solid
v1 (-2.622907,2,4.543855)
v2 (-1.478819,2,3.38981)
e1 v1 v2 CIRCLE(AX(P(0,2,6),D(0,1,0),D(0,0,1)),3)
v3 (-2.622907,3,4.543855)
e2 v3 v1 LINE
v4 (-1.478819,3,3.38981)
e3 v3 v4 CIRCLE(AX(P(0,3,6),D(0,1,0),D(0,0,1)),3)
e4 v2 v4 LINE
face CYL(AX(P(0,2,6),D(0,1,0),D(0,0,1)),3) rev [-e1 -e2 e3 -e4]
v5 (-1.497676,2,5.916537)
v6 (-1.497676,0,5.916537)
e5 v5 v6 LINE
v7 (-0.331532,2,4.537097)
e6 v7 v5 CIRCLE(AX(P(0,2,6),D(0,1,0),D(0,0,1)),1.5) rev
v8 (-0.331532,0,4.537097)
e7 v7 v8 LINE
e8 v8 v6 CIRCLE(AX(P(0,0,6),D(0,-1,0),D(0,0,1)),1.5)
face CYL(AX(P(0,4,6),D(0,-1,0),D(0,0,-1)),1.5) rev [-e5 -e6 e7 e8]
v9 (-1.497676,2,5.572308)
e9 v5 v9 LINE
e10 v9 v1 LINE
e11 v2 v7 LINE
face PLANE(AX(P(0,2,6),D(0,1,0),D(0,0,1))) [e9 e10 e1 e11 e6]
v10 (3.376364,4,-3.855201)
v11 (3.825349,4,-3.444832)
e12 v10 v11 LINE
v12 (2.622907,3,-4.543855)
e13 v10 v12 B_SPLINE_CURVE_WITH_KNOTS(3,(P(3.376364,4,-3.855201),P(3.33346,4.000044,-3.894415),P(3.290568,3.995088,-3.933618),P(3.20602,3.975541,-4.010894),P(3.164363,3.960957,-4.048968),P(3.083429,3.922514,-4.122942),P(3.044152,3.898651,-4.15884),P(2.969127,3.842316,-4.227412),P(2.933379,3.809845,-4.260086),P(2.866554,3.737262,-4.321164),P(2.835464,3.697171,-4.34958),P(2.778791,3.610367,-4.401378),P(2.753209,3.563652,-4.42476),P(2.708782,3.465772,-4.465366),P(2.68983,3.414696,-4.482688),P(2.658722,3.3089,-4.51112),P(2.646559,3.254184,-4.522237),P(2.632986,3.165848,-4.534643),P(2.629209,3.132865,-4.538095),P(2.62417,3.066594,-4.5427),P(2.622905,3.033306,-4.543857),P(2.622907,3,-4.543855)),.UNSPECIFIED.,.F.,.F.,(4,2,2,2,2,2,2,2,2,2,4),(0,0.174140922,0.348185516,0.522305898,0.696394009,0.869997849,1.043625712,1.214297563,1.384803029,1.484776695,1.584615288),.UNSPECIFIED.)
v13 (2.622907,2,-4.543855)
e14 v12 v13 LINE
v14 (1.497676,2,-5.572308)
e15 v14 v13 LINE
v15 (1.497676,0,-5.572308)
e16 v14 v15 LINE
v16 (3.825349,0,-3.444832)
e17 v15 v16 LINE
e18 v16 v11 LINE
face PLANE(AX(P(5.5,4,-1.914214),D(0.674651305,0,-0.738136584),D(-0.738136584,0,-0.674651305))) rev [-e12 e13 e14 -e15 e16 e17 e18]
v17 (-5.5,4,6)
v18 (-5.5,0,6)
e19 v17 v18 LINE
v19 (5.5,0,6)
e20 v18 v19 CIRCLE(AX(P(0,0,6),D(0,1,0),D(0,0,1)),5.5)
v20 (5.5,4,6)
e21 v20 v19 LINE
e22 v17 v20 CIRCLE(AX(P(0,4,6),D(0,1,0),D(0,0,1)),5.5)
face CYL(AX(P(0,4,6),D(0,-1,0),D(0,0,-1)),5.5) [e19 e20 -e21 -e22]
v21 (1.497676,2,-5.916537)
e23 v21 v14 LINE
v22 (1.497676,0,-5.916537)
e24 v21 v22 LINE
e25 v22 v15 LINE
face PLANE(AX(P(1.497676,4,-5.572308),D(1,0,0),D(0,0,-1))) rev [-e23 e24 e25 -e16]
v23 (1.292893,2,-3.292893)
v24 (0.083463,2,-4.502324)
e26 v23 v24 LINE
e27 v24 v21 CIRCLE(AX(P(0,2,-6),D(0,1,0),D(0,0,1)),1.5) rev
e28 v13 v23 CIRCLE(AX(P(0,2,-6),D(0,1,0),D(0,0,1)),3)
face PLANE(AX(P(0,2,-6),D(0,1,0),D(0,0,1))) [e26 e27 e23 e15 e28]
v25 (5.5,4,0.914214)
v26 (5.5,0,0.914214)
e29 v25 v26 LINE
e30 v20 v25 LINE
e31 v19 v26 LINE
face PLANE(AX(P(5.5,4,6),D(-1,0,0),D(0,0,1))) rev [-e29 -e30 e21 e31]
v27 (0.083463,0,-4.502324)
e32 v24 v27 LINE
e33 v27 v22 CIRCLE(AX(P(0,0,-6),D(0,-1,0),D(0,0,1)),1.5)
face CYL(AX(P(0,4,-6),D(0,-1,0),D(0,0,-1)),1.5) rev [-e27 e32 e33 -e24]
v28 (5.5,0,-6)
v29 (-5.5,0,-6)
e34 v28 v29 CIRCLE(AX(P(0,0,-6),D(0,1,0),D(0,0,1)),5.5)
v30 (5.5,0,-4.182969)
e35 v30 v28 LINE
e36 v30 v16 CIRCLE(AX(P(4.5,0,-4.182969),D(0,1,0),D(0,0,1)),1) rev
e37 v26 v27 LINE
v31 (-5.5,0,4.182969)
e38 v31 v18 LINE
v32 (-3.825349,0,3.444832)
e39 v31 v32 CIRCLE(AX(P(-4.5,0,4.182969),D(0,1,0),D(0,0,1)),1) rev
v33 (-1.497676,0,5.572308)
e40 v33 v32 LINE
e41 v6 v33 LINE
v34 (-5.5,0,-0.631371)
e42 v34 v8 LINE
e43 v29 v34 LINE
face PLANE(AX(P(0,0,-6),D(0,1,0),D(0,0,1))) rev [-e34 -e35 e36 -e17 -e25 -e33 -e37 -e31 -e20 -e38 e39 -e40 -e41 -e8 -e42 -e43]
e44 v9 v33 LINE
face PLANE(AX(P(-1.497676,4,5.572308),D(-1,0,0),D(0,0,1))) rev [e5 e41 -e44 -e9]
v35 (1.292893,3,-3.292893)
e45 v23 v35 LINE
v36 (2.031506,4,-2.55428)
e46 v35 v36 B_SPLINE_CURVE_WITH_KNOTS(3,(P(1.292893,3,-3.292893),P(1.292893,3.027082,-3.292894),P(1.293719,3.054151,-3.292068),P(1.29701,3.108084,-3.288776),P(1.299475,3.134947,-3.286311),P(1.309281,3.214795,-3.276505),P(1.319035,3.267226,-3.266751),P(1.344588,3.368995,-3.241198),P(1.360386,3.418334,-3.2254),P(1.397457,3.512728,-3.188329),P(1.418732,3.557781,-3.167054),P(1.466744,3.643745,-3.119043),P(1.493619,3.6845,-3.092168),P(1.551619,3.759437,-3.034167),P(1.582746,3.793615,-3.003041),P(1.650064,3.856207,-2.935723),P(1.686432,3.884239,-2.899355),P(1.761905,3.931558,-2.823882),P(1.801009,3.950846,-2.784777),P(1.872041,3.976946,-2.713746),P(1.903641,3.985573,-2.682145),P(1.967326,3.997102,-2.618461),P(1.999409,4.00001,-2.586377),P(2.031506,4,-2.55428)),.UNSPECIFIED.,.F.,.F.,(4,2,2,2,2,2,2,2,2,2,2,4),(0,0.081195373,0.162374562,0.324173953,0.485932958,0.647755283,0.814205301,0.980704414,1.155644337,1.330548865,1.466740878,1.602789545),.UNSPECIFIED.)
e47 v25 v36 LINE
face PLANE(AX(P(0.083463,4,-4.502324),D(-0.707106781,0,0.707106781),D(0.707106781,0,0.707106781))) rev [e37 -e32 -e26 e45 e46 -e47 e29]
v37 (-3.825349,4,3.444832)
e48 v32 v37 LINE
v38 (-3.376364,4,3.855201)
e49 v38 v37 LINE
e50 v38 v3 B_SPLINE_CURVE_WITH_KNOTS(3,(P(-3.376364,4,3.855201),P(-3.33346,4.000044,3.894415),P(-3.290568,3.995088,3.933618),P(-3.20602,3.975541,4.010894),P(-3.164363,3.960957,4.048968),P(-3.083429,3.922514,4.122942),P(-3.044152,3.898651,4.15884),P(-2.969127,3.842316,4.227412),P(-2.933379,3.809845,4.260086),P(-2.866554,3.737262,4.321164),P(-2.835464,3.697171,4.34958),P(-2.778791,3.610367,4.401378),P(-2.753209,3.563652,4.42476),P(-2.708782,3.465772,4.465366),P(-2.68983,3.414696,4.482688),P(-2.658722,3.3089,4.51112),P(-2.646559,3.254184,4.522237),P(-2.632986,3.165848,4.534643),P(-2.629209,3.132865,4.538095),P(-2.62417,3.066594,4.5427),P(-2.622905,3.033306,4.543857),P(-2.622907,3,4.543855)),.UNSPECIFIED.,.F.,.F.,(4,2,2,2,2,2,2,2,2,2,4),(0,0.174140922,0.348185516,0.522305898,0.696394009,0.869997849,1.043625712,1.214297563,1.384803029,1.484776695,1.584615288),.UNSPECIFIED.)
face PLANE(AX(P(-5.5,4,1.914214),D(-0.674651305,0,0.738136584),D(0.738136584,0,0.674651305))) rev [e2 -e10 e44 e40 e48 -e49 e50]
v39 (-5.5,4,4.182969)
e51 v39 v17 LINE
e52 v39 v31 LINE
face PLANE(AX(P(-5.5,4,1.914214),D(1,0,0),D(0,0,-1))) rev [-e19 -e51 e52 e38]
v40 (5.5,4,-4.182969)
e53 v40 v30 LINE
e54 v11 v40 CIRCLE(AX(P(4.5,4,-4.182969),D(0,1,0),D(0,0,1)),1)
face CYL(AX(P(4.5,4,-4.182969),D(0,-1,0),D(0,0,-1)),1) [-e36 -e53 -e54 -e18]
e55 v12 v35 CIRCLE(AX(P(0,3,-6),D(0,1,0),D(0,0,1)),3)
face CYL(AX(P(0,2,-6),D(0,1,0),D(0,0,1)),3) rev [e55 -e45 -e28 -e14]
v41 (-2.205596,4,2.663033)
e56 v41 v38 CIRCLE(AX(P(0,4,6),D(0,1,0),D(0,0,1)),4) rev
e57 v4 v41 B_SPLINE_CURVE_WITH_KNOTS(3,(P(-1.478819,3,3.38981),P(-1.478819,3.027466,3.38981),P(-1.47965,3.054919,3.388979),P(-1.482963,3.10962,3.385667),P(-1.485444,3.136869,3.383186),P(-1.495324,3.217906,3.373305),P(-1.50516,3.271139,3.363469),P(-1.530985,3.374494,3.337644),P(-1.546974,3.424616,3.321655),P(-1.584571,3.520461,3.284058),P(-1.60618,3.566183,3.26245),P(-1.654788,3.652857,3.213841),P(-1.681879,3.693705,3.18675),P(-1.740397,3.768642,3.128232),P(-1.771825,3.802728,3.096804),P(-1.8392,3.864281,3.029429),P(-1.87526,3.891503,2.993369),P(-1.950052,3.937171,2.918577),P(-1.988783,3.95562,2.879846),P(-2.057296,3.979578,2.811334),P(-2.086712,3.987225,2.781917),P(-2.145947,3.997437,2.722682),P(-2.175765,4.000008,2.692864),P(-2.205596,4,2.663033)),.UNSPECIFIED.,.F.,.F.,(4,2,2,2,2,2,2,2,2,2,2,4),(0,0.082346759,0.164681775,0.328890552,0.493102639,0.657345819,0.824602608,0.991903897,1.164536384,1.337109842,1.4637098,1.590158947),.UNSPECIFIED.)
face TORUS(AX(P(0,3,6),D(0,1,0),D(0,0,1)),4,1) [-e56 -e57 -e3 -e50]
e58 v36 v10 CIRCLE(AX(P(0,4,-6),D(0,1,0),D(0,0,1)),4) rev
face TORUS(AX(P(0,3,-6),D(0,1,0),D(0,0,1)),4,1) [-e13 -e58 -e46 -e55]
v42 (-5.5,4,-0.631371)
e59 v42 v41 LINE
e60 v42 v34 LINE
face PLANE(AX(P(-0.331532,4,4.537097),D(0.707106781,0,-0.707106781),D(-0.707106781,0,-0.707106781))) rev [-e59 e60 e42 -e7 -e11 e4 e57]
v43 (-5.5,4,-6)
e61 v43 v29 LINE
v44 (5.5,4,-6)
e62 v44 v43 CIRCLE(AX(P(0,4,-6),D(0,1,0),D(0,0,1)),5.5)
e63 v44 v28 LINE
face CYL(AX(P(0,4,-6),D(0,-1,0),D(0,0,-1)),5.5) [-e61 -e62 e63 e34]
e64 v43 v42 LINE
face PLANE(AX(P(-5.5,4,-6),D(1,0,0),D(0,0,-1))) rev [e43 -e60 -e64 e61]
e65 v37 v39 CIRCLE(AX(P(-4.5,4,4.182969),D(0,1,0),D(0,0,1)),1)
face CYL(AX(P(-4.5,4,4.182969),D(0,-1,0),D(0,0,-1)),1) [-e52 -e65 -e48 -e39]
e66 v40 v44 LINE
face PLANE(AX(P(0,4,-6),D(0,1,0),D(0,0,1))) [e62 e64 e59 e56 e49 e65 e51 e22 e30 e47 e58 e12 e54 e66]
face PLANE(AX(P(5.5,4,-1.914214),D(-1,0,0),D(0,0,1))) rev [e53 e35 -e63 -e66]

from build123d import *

# Parameters (mm, degrees)
BOSS_EXTRUDE1_DEPTH = 4
FILLET1_R           = 1
SKETCH3_R           = 3
CUT_EXTRUDE1_DEPTH  = 2
FILLET2_R           = 1


with BuildPart() as part:
    # Sketch2 → Boss-Extrude1 (new body)
    with BuildSketch(Plane(origin=(0, 0, 0), x_dir=(1, 0, 0), z_dir=(0, 1, 0))):
        with BuildLine():
            Line((-5.5, 6), (-5.5, 0.63137085))
            Line((-5.5, 0.63137085), (-0.331532497, -4.537096653))
            ThreePointArc((-0.331532497, -4.537096653), (1.145519656, -6.968392853), (-1.497676196, -5.916537366))
            Line((-1.497676196, -5.916537366), (-1.497676196, -5.572307522))
            Line((-1.497676196, -5.572307522), (-5.5, -1.914213562))
            Line((-5.5, -1.914213562), (-5.5, -6))
            ThreePointArc((-5.5, -6), (0, -11.5), (5.5, -6))
            Line((5.5, -6), (5.5, -0.914213562))
            Line((5.5, -0.914213562), (0.083462634, 4.502323804))
            ThreePointArc((0.083462634, 4.502323804), (-1.060660172, 7.060660172), (1.497676196, 5.916537366))
            Line((1.497676196, 5.916537366), (1.497676196, 5.572307522))
            Line((1.497676196, 5.572307522), (5.5, 1.914213562))
            Line((5.5, 1.914213562), (5.5, 6))
            ThreePointArc((5.5, 6), (0, 11.5), (-5.5, 6))
        make_face()
    extrude(amount=BOSS_EXTRUDE1_DEPTH)

    # Fillet1
    fillet1_edges = [part.edges().sort_by_distance(p)[0] for p in [
        (5.5, 2, -1.914213562),
        (-5.5, 2, 1.914213562),
    ]]
    fillet(fillet1_edges, radius=FILLET1_R)

    # Sketch3 → Cut-Extrude1 (cut)
    with BuildSketch(Plane(origin=(0, 4, 0), x_dir=(1, 0, 0), z_dir=(0, 1, 0))):
        with Locations((0, 6)):
            Circle(SKETCH3_R)
        with Locations((0, -6)):
            Circle(SKETCH3_R)
    extrude(amount=-CUT_EXTRUDE1_DEPTH, mode=Mode.SUBTRACT)

    # Fillet2
    fillet2_edges = [part.edges().sort_by_distance(p)[0] for p in [
        (-2.055383003, 4, -8.185269024),
        (2.130491752, 4, 8.11210911),
    ]]
    fillet(fillet2_edges, radius=FILLET2_R)


solid = part.part
